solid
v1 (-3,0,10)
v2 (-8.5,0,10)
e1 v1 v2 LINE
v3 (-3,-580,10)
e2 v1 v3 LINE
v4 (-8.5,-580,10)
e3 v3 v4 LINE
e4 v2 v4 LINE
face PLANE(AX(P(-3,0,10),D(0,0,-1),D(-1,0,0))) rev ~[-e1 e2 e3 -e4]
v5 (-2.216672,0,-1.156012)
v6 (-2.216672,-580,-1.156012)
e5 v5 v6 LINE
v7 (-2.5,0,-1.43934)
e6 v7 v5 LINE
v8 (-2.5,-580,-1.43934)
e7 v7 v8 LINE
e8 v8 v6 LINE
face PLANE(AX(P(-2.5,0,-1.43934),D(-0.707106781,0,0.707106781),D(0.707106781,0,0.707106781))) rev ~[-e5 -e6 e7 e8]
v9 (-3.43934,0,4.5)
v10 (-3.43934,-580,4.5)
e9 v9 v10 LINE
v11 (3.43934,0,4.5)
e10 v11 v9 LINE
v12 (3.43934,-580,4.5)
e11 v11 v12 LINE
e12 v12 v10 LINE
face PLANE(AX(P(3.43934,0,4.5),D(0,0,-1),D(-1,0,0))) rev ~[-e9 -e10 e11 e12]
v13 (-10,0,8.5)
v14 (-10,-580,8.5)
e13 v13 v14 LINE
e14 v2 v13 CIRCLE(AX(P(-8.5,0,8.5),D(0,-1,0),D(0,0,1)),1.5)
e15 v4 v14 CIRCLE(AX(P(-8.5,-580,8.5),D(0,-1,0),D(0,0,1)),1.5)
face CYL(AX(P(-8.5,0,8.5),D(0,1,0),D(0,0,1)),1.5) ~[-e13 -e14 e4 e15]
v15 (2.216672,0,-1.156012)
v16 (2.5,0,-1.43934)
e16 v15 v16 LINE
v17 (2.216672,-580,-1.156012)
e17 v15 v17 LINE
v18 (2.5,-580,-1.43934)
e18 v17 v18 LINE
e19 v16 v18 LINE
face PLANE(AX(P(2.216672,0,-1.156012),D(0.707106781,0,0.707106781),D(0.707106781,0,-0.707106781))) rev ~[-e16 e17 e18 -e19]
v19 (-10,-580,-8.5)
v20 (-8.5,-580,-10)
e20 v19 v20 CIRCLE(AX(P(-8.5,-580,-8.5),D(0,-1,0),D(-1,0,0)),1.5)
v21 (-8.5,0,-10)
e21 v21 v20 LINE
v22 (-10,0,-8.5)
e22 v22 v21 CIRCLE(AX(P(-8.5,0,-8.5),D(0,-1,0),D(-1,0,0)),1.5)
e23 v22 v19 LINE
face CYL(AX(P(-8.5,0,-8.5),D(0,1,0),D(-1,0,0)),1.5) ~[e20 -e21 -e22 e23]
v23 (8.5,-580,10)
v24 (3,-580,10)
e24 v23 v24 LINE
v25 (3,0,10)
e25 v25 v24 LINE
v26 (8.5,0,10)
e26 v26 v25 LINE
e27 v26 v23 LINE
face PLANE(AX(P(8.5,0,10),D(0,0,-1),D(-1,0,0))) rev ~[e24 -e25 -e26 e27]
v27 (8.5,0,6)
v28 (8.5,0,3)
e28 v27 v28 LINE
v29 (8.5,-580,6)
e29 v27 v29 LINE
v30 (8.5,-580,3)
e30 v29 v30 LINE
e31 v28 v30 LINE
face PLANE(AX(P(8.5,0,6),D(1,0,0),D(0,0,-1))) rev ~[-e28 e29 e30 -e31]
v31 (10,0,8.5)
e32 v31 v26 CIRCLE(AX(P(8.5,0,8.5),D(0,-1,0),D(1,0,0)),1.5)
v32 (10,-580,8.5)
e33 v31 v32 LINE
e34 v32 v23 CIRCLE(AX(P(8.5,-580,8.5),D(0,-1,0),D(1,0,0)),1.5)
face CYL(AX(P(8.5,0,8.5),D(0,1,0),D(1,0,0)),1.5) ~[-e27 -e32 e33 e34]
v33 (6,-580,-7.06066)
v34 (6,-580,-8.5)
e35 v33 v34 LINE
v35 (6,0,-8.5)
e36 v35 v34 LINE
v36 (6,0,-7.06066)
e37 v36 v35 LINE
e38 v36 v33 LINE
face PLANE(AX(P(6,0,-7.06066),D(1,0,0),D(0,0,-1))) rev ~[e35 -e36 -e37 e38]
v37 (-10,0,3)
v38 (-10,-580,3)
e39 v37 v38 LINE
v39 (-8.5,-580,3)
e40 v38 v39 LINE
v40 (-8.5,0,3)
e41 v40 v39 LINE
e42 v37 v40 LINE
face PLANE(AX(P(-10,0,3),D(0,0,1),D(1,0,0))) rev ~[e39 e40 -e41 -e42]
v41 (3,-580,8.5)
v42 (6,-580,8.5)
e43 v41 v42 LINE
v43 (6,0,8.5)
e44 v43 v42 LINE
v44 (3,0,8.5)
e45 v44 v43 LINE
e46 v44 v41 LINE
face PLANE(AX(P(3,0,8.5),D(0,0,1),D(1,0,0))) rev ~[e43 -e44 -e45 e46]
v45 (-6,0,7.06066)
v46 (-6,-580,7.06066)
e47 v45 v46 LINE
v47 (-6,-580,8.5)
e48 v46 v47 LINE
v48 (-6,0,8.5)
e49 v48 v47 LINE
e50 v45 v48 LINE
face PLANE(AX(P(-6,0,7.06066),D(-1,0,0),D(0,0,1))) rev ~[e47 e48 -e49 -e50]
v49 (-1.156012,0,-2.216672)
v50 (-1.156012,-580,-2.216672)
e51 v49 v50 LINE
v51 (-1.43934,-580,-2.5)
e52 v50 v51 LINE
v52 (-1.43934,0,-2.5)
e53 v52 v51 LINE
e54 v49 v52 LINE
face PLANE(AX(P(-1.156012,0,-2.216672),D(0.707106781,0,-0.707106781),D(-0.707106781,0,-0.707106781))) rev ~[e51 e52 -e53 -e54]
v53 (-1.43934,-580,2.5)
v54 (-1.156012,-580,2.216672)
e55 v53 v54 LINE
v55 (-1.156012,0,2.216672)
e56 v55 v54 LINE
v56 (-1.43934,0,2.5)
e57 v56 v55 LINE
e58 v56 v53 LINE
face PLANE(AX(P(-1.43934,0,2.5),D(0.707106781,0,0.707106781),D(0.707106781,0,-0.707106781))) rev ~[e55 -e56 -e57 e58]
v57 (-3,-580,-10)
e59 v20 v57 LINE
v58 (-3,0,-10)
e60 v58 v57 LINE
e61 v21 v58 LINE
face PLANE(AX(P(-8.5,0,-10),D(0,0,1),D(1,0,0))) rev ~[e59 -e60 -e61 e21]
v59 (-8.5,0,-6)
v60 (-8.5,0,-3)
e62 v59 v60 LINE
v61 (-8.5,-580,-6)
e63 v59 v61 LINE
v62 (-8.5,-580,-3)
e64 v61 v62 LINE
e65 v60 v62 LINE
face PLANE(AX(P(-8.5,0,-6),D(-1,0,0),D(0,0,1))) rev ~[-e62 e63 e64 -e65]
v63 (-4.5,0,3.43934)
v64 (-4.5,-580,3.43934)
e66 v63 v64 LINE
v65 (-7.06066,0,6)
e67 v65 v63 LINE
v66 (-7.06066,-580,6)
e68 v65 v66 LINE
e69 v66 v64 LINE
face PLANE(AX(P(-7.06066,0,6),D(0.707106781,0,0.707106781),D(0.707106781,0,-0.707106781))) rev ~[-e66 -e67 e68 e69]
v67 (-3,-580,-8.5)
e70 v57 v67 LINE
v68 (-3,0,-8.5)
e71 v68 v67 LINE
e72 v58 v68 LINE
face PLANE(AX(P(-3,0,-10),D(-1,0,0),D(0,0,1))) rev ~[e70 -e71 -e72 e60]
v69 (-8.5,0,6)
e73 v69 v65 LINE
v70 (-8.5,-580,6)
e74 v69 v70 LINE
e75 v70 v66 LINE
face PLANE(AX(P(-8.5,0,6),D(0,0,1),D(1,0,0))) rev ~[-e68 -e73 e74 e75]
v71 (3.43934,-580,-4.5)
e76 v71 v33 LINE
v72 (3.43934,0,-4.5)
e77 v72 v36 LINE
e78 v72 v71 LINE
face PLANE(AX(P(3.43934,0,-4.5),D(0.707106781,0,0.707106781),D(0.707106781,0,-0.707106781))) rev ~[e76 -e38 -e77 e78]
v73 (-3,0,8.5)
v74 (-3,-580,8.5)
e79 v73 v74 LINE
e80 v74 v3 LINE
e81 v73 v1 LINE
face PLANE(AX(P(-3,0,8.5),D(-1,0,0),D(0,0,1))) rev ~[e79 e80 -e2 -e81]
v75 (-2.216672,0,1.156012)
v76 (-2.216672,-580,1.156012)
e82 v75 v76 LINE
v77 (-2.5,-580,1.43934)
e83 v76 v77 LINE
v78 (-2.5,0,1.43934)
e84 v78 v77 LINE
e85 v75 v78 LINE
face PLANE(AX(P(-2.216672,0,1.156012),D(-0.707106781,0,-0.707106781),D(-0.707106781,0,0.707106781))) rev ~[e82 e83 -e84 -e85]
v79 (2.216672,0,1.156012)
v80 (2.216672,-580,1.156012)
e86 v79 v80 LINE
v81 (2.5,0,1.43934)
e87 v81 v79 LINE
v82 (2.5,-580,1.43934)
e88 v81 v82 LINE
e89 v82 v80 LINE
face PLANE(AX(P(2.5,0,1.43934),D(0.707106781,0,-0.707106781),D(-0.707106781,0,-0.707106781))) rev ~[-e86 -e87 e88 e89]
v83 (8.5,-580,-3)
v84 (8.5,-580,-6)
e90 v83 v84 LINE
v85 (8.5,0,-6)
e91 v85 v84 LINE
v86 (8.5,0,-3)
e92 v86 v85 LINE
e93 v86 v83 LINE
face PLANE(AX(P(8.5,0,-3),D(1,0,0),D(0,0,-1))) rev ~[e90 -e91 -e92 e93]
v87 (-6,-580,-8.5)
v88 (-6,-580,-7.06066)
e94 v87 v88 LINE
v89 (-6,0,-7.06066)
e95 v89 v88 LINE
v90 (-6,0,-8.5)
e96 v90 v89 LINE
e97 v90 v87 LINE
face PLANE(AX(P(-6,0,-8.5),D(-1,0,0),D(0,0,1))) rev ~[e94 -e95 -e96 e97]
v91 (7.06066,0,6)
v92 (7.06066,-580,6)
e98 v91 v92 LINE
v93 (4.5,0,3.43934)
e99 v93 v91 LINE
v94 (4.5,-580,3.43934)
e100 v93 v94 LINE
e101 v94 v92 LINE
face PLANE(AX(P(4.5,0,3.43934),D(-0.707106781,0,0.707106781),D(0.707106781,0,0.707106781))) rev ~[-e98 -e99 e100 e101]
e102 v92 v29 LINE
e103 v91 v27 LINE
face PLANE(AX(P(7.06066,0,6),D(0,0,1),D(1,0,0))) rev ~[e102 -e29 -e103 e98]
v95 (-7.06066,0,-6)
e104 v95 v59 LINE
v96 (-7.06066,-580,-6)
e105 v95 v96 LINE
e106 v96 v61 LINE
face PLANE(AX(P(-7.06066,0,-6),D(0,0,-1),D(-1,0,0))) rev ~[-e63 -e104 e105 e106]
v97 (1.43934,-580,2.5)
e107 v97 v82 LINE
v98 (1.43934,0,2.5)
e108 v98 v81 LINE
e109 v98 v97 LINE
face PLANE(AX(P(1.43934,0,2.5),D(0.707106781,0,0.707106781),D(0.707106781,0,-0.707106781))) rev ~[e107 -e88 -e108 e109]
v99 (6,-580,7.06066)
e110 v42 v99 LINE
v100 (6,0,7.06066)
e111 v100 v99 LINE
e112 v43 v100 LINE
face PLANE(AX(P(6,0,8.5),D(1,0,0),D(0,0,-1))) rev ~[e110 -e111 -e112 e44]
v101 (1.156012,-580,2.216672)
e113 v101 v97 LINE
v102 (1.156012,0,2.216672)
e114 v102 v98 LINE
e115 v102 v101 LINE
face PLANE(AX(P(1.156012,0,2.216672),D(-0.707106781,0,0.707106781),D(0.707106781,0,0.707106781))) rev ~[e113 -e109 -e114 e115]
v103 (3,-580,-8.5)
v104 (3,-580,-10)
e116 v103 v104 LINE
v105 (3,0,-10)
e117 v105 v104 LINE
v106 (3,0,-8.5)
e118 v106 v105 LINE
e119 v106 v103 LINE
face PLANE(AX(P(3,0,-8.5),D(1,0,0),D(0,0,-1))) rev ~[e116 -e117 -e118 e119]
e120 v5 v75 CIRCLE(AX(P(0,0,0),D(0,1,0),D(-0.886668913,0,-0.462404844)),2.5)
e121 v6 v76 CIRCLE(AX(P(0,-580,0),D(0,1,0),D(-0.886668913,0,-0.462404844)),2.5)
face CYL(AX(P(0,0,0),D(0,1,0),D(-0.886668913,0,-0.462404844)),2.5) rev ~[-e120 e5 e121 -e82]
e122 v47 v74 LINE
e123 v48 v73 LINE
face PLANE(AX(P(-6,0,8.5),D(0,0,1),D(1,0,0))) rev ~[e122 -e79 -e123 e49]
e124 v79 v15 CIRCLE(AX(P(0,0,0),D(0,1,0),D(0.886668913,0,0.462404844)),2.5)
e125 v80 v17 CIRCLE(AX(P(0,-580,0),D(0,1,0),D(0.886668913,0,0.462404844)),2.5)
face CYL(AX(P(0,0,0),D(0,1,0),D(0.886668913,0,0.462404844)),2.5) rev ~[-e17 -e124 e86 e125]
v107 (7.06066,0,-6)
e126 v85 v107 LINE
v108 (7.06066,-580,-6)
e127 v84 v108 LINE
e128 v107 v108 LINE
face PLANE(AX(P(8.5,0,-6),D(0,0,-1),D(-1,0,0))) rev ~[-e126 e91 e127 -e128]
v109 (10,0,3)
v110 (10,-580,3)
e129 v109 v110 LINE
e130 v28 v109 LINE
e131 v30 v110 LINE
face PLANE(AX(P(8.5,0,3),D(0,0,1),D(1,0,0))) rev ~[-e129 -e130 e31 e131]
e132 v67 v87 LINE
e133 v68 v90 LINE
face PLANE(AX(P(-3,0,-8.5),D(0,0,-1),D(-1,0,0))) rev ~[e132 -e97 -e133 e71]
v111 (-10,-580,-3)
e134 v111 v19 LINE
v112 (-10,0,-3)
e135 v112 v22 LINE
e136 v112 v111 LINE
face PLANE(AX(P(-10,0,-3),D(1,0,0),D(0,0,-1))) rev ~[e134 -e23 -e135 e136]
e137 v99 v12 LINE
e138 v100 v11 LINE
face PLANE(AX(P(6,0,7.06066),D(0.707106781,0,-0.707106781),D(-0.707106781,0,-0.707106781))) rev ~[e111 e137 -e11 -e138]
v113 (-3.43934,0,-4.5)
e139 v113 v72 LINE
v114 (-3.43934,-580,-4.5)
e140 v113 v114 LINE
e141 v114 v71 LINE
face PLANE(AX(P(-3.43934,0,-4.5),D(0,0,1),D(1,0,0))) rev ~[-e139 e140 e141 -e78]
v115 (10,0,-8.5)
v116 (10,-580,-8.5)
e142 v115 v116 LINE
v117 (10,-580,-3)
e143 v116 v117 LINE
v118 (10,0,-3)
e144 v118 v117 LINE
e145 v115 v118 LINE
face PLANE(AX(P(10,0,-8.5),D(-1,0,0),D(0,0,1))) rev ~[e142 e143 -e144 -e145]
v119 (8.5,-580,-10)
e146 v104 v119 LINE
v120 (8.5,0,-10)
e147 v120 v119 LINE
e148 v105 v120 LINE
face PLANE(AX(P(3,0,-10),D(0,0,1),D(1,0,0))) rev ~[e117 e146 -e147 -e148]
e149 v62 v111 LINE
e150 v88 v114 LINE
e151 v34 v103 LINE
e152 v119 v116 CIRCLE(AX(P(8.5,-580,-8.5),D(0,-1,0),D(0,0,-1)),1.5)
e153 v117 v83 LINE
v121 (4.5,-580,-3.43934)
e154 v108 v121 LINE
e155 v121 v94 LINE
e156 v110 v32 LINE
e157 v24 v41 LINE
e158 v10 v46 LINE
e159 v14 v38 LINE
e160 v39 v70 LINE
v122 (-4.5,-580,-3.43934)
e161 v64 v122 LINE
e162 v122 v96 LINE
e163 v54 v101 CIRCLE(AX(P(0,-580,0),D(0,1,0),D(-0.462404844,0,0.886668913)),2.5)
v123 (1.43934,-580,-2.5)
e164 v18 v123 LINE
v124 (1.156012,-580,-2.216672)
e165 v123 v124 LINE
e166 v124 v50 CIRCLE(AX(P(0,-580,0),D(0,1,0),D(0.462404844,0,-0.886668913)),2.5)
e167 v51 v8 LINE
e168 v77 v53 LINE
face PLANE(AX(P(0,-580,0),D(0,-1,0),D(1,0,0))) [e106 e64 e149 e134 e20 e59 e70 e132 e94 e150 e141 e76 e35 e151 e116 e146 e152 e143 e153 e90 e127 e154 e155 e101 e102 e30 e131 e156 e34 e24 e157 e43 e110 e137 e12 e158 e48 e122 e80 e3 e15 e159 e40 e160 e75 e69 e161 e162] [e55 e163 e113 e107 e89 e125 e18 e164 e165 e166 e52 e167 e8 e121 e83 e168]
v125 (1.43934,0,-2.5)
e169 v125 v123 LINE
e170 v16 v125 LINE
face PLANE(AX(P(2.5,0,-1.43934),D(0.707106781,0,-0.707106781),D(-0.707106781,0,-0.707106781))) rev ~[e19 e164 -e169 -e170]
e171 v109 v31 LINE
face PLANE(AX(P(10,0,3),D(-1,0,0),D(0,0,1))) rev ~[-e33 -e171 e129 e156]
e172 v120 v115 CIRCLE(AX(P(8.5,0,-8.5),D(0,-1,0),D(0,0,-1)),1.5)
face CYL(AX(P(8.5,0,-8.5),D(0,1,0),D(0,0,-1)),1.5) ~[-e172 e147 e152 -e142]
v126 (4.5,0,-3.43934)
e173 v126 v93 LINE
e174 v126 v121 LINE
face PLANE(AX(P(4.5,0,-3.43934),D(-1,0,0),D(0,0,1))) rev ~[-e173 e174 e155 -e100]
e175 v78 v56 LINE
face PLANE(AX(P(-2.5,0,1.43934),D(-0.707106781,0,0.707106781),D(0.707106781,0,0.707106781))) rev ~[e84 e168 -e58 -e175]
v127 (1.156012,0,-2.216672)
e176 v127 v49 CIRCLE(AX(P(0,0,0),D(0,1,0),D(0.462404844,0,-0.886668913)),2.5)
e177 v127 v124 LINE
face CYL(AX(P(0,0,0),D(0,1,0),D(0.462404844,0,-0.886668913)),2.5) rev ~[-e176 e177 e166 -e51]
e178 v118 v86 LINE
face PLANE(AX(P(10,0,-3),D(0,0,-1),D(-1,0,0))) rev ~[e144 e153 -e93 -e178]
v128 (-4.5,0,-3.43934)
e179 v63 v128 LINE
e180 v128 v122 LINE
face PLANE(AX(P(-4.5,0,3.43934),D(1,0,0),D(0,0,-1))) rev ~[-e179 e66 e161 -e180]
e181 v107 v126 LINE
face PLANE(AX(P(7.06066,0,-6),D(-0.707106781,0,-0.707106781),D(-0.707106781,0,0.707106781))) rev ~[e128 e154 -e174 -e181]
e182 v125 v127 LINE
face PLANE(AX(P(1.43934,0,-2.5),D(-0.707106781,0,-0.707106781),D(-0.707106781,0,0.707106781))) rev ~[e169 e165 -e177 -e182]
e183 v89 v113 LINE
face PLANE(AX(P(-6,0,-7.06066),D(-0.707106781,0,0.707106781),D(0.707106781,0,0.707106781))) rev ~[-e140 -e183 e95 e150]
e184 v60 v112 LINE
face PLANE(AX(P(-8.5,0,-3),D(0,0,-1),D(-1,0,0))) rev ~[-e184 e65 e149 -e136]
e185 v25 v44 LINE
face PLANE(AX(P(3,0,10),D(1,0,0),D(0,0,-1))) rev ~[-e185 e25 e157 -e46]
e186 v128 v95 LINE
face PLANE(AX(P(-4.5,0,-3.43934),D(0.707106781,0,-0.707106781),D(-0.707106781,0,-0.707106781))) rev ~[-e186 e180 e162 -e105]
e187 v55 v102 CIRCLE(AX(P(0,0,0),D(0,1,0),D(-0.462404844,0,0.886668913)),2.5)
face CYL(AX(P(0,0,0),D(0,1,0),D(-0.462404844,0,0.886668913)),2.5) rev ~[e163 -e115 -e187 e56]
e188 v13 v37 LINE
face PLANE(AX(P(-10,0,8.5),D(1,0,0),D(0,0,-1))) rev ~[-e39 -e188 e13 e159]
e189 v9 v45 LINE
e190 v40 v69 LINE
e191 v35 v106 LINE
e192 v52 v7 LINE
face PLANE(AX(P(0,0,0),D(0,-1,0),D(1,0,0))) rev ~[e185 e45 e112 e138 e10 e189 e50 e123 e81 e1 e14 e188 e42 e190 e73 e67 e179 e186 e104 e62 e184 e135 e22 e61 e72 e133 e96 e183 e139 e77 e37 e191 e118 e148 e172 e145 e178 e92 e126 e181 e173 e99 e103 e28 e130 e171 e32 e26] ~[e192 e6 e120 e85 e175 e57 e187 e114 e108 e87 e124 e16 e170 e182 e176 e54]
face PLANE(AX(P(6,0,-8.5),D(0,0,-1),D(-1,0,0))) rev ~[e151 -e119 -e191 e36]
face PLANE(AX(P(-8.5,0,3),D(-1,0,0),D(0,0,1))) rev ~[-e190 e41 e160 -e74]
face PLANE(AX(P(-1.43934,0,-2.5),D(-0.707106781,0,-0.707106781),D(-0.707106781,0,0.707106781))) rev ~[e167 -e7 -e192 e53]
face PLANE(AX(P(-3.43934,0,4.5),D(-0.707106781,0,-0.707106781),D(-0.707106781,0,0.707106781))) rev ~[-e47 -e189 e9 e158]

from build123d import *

# Parameters (mm, degrees)
F1_DEPTH = 580


with BuildPart() as f1:
    # F0 (on Front) → F1 (new body)
    with BuildSketch(Plane.XZ):
        with BuildLine():
            Line((3, -10), (8.5, -10))
            ThreePointArc((8.5, -10), (9.5606601718, -9.5606601718), (10, -8.5))
            Line((10, -8.5), (10, -3))
            Line((10, -3), (8.5, -3))
            Line((8.5, -3), (8.5, -6))
            Line((8.5, -6), (7.0606601718, -6))
            Line((7.0606601718, -6), (4.5, -3.4393398282))
            Line((4.5, -3.4393398282), (4.5, 3.4393398282))
            Line((4.5, 3.4393398282), (7.0606601718, 6))
            Line((7.0606601718, 6), (8.5, 6))
            Line((8.5, 6), (8.5, 3))
            Line((8.5, 3), (10, 3))
            Line((10, 3), (10, 8.5))
            ThreePointArc((10, 8.5), (9.5606601718, 9.5606601718), (8.5, 10))
            Line((8.5, 10), (3, 10))
            Line((3, 10), (3, 8.5))
            Line((3, 8.5), (6, 8.5))
            Line((6, 8.5), (6, 7.0606601718))
            Line((6, 7.0606601718), (3.4393398282, 4.5))
            Line((3.4393398282, 4.5), (-3.4393398282, 4.5))
            Line((-3.4393398282, 4.5), (-6, 7.0606601718))
            Line((-6, 7.0606601718), (-6, 8.5))
            Line((-6, 8.5), (-3, 8.5))
            Line((-3, 8.5), (-3, 10))
            Line((-3, 10), (-8.5, 10))
            ThreePointArc((-8.5, 10), (-9.5606601718, 9.5606601718), (-10, 8.5))
            Line((-10, 8.5), (-10, 3))
            Line((-10, 3), (-8.5, 3))
            Line((-8.5, 3), (-8.5, 6))
            Line((-8.5, 6), (-7.0606601718, 6))
            Line((-7.0606601718, 6), (-4.5, 3.4393398282))
            Line((-4.5, 3.4393398282), (-4.5, -3.4393398282))
            Line((-4.5, -3.4393398282), (-7.0606601718, -6))
            Line((-7.0606601718, -6), (-8.5, -6))
            Line((-8.5, -6), (-8.5, -3))
            Line((-8.5, -3), (-10, -3))
            Line((-10, -3), (-10, -8.5))
            ThreePointArc((-10, -8.5), (-9.5606601718, -9.5606601718), (-8.5, -10))
            Line((-8.5, -10), (-3, -10))
            Line((-3, -10), (-3, -8.5))
            Line((-3, -8.5), (-6, -8.5))
            Line((-6, -8.5), (-6, -7.0606601718))
            Line((-6, -7.0606601718), (-3.4393398282, -4.5))
            Line((-3.4393398282, -4.5), (3.4393398282, -4.5))
            Line((3.4393398282, -4.5), (6, -7.0606601718))
            Line((6, -7.0606601718), (6, -8.5))
            Line((6, -8.5), (3, -8.5))
            Line((3, -8.5), (3, -10))
        make_face()
        with BuildLine():
            ThreePointArc((-1.1560121095, 2.2166722813), (0, 2.5), (1.1560121095, 2.2166722813))
            Line((1.1560121095, 2.2166722813), (1.4393398282, 2.5))
            Line((1.4393398282, 2.5), (2.5, 1.4393398282))
            Line((2.5, 1.4393398282), (2.2166722813, 1.1560121095))
            ThreePointArc((2.2166722813, 1.1560121095), (2.5, 0), (2.2166722813, -1.1560121095))
            Line((2.2166722813, -1.1560121095), (2.5, -1.4393398282))
            Line((2.5, -1.4393398282), (1.4393398282, -2.5))
            Line((1.4393398282, -2.5), (1.1560121095, -2.2166722813))
            ThreePointArc((1.1560121095, -2.2166722813), (0, -2.5), (-1.1560121095, -2.2166722813))
            Line((-1.1560121095, -2.2166722813), (-1.4393398282, -2.5))
            Line((-1.4393398282, -2.5), (-2.5, -1.4393398282))
            Line((-2.5, -1.4393398282), (-2.2166722813, -1.1560121095))
            ThreePointArc((-2.2166722813, -1.1560121095), (-2.5, 0), (-2.2166722813, 1.1560121095))
            Line((-2.2166722813, 1.1560121095), (-2.5, 1.4393398282))
            Line((-2.5, 1.4393398282), (-1.4393398282, 2.5))
            Line((-1.4393398282, 2.5), (-1.1560121095, 2.2166722813))
        make_face(mode=Mode.SUBTRACT)
    extrude(amount=F1_DEPTH)


solid = f1.part
